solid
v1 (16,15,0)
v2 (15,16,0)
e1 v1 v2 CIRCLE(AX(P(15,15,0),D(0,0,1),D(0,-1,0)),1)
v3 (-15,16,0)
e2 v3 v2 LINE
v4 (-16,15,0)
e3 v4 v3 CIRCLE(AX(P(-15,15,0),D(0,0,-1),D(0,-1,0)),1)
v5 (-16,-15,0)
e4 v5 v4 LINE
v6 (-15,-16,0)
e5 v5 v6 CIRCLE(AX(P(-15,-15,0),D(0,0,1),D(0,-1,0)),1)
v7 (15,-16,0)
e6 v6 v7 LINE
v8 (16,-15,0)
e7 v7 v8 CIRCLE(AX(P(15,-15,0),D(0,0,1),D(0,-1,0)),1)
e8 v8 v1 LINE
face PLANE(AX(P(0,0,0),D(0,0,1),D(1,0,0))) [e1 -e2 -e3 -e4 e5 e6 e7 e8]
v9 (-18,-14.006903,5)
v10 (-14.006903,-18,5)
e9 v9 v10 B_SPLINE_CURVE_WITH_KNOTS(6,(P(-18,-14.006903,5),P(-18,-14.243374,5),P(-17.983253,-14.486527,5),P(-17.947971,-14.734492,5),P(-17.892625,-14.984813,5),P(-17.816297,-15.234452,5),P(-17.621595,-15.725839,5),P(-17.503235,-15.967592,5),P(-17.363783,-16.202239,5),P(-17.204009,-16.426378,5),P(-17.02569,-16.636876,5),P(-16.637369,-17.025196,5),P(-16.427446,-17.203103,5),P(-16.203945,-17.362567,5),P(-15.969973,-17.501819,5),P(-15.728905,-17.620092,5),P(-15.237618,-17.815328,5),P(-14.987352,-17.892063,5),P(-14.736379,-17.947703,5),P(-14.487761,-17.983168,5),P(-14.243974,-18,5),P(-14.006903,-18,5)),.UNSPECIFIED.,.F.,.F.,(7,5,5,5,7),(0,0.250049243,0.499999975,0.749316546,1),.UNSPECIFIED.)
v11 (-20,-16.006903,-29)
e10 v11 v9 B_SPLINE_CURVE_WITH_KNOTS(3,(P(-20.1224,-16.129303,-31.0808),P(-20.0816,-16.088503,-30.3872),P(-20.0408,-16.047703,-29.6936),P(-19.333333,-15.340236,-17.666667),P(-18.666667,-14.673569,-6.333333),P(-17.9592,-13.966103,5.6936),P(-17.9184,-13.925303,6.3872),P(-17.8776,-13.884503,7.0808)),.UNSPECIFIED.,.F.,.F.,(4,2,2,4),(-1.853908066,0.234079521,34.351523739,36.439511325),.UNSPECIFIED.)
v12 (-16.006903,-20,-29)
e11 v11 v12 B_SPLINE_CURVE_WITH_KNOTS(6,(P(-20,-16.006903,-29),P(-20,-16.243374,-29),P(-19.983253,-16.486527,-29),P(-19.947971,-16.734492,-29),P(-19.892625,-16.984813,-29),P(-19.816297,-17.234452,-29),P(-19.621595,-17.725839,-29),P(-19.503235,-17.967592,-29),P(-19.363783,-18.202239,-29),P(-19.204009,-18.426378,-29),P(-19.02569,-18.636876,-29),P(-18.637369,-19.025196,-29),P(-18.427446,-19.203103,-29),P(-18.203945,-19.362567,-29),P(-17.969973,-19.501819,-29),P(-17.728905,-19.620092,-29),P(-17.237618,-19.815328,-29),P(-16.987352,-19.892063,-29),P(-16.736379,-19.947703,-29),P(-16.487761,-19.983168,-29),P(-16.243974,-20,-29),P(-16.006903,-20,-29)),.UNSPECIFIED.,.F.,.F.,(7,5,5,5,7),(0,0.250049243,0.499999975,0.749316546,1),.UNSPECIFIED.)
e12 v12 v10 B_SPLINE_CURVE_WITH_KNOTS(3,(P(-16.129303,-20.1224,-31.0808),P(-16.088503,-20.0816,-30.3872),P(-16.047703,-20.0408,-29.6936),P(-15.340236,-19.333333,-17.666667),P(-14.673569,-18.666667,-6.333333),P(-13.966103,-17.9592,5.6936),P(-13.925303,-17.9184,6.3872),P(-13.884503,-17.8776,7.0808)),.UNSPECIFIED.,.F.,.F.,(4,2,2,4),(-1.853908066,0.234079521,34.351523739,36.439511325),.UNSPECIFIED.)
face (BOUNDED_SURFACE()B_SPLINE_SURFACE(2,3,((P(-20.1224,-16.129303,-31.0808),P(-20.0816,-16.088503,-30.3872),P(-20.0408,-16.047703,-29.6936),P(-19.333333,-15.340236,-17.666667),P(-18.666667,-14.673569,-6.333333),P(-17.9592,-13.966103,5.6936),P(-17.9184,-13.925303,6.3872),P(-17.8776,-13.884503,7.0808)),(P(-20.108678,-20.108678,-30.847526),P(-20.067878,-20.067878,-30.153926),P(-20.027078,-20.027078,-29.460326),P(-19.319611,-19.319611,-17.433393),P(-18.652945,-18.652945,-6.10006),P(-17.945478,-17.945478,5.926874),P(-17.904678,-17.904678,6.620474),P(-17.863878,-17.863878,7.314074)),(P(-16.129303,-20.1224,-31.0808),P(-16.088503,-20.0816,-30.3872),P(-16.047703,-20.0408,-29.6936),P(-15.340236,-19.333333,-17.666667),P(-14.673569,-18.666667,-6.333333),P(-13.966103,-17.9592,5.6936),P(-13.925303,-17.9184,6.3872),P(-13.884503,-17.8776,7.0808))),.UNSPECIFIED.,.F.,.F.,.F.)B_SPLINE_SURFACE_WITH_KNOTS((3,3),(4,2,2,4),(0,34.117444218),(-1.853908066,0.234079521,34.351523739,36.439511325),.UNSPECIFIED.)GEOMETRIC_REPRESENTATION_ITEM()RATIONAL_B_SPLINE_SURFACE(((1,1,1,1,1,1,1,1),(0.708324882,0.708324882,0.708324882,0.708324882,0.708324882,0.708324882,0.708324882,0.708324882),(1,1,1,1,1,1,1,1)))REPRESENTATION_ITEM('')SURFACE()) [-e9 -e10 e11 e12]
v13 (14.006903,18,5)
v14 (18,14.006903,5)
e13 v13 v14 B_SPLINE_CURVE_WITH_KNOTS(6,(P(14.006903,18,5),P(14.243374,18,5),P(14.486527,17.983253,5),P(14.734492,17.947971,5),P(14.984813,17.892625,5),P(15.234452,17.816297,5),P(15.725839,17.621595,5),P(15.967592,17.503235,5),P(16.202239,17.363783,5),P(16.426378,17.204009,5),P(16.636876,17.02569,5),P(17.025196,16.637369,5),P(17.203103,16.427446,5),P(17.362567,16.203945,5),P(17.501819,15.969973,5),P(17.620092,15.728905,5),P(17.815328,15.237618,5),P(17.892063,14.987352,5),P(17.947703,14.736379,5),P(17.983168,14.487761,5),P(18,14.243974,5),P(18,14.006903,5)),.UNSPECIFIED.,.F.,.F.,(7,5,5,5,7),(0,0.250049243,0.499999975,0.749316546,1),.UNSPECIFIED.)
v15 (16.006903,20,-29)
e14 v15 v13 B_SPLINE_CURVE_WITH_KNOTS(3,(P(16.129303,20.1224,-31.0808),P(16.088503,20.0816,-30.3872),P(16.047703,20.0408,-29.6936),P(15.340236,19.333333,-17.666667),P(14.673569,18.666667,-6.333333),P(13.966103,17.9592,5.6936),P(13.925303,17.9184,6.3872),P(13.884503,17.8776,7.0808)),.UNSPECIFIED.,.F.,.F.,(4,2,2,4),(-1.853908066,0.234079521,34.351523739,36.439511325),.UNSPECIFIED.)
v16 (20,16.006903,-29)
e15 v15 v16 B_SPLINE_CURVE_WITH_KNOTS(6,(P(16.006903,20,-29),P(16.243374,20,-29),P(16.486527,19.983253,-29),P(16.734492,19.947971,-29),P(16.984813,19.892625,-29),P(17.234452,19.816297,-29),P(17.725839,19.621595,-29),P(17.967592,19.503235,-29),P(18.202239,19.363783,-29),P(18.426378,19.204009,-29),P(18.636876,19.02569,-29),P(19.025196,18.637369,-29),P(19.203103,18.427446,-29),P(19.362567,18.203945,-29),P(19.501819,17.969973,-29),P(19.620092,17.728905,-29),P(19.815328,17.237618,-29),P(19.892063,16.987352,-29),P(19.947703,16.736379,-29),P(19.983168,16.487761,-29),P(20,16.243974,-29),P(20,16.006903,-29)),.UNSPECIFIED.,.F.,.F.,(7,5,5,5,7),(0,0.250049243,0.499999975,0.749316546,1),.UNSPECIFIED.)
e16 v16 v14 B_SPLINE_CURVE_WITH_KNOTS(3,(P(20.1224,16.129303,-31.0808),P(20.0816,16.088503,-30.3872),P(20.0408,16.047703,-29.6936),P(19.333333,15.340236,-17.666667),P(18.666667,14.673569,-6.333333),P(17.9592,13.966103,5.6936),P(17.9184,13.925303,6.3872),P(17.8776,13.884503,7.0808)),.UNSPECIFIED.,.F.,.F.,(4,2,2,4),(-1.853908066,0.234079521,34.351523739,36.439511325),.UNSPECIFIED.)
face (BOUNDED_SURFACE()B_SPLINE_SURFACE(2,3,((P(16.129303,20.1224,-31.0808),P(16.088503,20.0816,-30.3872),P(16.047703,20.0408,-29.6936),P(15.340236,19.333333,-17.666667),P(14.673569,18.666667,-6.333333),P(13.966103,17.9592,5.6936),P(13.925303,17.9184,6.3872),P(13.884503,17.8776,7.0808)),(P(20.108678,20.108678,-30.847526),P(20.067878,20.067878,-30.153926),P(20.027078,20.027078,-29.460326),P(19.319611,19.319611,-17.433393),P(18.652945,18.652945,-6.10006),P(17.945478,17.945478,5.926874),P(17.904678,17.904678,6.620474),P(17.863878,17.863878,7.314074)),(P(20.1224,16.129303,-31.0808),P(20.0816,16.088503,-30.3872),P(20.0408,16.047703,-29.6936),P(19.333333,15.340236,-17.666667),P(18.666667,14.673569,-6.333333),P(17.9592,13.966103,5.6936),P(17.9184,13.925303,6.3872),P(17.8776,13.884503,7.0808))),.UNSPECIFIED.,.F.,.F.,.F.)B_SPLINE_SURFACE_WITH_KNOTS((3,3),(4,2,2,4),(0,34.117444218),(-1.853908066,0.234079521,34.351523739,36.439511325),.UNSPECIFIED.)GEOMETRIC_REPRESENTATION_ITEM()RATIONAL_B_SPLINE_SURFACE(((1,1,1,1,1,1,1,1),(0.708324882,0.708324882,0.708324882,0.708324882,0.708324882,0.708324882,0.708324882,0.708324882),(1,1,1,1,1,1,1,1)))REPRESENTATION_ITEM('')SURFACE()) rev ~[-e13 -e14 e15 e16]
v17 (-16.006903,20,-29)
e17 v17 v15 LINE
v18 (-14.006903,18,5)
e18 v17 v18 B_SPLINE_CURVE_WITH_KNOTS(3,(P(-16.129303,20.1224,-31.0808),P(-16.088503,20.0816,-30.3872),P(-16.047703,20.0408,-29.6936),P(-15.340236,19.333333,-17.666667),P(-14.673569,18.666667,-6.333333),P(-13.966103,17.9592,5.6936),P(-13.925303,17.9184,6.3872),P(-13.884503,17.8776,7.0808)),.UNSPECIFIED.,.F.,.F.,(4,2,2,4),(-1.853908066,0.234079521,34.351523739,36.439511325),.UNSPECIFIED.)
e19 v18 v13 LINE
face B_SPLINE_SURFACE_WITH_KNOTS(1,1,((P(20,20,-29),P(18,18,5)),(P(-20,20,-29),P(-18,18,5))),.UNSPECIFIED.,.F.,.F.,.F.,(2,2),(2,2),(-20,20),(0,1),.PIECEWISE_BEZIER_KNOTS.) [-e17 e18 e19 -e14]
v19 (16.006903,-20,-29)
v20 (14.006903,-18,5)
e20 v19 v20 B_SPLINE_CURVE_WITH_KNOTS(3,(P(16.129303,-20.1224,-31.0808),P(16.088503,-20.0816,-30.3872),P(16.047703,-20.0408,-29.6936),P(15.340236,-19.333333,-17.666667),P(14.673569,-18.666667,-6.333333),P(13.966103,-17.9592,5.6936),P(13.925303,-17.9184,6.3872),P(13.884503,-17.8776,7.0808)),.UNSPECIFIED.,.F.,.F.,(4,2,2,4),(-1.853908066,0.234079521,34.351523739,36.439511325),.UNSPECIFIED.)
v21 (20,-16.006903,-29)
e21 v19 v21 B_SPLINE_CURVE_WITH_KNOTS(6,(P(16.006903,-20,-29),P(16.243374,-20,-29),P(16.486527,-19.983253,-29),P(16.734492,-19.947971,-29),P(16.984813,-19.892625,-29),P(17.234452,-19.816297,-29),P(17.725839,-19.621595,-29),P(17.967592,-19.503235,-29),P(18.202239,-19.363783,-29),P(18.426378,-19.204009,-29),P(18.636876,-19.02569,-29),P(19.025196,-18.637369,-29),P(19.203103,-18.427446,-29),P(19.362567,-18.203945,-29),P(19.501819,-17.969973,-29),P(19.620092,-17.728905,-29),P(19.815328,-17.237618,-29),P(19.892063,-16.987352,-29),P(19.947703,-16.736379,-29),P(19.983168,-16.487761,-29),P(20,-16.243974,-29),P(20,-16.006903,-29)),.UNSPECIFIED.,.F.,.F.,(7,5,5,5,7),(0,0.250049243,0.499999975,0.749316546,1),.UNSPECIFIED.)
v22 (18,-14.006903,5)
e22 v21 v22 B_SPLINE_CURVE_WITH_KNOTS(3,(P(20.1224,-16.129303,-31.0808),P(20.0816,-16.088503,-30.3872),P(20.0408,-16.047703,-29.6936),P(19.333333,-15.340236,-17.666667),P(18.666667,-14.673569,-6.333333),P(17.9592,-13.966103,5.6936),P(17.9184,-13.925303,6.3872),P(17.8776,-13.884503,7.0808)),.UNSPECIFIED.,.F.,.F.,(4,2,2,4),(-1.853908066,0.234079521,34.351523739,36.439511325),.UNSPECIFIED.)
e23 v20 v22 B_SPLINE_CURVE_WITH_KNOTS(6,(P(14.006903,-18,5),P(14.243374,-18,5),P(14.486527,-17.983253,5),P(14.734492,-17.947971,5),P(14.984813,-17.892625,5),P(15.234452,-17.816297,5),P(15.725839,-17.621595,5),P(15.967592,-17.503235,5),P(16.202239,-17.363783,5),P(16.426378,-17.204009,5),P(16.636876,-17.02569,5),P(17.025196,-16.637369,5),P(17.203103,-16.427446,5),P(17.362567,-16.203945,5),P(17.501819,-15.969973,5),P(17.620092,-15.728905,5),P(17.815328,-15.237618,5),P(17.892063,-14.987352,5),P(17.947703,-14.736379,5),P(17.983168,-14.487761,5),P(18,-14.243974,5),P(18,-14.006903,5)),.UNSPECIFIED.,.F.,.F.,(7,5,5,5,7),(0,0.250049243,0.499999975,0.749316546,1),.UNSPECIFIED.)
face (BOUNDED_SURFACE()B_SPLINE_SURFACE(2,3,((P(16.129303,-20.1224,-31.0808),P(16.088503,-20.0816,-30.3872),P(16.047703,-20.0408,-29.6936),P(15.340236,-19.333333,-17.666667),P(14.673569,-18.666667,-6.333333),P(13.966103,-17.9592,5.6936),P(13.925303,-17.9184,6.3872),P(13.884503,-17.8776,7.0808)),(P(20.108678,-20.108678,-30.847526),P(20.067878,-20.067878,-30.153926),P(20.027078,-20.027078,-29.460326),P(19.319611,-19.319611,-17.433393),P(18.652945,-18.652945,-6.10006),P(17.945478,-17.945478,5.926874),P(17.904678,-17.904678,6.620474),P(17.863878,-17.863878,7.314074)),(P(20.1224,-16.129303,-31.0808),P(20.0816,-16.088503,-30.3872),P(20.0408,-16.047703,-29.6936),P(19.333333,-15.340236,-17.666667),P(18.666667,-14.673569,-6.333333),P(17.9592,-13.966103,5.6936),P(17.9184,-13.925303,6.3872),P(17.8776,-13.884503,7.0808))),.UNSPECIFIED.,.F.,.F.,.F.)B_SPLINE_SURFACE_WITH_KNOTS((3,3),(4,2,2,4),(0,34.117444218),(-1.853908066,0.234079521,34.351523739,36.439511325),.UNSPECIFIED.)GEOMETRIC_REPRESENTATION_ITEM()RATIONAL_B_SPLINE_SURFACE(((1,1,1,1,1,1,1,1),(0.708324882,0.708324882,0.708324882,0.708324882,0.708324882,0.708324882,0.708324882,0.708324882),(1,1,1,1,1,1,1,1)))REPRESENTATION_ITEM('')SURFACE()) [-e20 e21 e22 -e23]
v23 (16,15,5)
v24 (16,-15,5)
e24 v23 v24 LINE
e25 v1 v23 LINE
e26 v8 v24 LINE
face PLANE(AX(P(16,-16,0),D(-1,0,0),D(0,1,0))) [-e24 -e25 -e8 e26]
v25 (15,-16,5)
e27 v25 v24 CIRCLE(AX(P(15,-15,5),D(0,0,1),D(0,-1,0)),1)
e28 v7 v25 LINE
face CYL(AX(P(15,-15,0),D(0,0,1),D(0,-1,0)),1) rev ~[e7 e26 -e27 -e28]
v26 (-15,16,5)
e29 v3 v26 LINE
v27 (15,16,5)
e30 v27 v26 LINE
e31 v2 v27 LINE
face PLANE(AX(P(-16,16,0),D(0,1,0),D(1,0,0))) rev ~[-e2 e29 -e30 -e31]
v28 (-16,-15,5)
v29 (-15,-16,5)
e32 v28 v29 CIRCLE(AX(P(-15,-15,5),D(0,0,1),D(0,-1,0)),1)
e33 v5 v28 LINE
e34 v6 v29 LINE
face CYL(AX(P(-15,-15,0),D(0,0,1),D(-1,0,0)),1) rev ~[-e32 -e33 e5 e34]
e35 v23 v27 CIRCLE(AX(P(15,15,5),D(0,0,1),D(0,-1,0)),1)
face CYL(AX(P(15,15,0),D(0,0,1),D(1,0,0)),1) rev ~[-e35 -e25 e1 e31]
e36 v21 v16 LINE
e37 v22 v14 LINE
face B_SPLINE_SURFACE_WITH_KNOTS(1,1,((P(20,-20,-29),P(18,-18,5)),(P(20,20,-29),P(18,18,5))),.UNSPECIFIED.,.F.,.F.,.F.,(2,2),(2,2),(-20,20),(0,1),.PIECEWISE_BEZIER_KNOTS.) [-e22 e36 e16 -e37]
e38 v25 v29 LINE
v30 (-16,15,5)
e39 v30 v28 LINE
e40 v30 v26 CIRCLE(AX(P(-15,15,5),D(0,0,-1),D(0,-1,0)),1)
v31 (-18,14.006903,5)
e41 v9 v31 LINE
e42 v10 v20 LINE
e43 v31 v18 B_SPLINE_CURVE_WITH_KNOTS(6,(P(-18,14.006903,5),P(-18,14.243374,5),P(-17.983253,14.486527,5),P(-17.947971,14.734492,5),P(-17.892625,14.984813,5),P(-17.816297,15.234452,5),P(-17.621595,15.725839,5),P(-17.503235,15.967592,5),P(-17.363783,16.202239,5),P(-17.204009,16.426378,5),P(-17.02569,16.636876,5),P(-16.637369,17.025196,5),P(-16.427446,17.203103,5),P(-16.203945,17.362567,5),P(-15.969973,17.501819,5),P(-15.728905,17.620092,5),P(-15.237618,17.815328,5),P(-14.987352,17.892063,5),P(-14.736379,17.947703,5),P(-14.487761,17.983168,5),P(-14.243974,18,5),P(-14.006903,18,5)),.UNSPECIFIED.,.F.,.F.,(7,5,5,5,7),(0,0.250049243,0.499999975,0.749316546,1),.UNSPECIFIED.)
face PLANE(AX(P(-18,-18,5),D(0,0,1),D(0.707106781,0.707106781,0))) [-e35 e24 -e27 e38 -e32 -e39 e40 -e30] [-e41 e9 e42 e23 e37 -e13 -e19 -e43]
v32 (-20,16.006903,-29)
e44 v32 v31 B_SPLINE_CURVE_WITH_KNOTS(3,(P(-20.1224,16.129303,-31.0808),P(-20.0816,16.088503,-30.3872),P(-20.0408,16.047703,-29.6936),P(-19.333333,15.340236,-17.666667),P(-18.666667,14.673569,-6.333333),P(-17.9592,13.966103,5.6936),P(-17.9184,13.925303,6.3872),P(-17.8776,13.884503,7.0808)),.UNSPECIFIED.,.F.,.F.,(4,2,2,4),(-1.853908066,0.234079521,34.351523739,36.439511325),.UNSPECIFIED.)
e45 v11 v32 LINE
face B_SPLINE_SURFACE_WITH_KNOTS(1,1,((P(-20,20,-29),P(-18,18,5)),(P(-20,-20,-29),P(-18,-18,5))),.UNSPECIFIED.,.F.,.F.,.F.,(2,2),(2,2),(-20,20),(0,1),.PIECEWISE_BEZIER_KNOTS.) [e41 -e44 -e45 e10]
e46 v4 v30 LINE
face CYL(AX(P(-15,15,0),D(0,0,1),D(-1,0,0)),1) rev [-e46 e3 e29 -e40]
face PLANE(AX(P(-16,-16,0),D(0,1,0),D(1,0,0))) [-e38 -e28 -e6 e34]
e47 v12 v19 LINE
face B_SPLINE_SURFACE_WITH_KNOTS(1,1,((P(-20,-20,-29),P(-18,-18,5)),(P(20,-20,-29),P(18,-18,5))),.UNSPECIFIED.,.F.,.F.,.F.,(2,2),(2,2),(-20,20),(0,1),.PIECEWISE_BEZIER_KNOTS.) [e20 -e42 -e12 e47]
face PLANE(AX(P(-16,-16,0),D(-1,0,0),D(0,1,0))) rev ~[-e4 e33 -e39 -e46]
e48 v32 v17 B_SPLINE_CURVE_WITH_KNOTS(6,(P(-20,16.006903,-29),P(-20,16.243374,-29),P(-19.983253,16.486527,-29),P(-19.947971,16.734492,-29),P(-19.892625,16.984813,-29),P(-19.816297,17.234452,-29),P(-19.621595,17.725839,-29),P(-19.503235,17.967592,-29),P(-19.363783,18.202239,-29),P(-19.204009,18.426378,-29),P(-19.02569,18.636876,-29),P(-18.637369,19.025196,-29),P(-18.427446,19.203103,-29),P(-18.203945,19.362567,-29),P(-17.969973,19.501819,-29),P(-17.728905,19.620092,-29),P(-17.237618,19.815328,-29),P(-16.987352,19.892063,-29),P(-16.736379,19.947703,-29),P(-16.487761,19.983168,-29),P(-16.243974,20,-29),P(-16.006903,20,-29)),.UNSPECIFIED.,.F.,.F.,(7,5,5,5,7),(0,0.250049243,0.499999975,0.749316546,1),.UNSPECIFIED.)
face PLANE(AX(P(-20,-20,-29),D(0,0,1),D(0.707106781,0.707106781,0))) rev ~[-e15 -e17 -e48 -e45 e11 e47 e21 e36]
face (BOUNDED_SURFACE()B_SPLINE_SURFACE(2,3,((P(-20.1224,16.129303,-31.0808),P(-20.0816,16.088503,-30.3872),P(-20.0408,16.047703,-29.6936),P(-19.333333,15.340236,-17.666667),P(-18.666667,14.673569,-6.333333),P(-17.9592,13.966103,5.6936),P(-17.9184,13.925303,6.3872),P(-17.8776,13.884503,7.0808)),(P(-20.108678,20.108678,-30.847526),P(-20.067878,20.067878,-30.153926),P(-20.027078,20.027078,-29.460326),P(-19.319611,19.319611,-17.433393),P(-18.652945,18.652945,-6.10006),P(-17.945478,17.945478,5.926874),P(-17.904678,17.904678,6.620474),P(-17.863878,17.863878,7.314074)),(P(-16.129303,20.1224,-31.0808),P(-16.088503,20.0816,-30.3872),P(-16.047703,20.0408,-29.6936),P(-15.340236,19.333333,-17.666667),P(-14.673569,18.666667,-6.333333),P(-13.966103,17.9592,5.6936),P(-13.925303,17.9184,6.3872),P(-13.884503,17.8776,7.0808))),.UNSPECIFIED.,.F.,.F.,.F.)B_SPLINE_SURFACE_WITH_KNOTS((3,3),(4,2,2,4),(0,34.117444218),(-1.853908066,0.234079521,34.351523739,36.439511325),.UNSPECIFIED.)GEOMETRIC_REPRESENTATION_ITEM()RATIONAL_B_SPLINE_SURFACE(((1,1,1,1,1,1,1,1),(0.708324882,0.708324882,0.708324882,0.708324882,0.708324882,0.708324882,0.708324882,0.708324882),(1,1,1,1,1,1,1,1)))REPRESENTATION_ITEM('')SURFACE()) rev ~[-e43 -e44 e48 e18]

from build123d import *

# Parameters (mm, degrees)
F4_W     = 40
F4_H     = 40
F5_W     = 36
F5_H     = 36
F0_W     = 32
F0_H     = 32
F7_DEPTH = 25
F8_R     = 4
F9_R     = 1


with BuildPart() as f6:
    # F4 (on plane+point) → F6 section 0
    with BuildSketch(Plane.XY.offset(-29)):
        Rectangle(F4_W, F4_H)
    # F5 (on offset) → F6 section 1
    with BuildSketch(Plane.XY.offset(5)):
        Rectangle(F5_W, F5_H)
    loft()

    # F0 (on Top) → F7 (cut)
    with BuildSketch(Plane.XY):
        Rectangle(F0_W, F0_H)
    extrude(amount=F7_DEPTH, mode=Mode.SUBTRACT)

    # F8
    f8_edges = [f6.edges().sort_by_distance(p)[0] for p in [
        (19, -19, -12),
        (19, 19, -12),
        (-19, -19, -12),
        (-19, 19, -12),
    ]]
    fillet(f8_edges, radius=F8_R)

    # F9
    f9_edges = [f6.edges().sort_by_distance(p)[0] for p in [
        (-16, 16, 2.5),
        (16, 16, 2.5),
        (16, -16, 2.5),
        (-16, -16, 2.5),
    ]]
    fillet(f9_edges, radius=F9_R)


solid = f6.part
